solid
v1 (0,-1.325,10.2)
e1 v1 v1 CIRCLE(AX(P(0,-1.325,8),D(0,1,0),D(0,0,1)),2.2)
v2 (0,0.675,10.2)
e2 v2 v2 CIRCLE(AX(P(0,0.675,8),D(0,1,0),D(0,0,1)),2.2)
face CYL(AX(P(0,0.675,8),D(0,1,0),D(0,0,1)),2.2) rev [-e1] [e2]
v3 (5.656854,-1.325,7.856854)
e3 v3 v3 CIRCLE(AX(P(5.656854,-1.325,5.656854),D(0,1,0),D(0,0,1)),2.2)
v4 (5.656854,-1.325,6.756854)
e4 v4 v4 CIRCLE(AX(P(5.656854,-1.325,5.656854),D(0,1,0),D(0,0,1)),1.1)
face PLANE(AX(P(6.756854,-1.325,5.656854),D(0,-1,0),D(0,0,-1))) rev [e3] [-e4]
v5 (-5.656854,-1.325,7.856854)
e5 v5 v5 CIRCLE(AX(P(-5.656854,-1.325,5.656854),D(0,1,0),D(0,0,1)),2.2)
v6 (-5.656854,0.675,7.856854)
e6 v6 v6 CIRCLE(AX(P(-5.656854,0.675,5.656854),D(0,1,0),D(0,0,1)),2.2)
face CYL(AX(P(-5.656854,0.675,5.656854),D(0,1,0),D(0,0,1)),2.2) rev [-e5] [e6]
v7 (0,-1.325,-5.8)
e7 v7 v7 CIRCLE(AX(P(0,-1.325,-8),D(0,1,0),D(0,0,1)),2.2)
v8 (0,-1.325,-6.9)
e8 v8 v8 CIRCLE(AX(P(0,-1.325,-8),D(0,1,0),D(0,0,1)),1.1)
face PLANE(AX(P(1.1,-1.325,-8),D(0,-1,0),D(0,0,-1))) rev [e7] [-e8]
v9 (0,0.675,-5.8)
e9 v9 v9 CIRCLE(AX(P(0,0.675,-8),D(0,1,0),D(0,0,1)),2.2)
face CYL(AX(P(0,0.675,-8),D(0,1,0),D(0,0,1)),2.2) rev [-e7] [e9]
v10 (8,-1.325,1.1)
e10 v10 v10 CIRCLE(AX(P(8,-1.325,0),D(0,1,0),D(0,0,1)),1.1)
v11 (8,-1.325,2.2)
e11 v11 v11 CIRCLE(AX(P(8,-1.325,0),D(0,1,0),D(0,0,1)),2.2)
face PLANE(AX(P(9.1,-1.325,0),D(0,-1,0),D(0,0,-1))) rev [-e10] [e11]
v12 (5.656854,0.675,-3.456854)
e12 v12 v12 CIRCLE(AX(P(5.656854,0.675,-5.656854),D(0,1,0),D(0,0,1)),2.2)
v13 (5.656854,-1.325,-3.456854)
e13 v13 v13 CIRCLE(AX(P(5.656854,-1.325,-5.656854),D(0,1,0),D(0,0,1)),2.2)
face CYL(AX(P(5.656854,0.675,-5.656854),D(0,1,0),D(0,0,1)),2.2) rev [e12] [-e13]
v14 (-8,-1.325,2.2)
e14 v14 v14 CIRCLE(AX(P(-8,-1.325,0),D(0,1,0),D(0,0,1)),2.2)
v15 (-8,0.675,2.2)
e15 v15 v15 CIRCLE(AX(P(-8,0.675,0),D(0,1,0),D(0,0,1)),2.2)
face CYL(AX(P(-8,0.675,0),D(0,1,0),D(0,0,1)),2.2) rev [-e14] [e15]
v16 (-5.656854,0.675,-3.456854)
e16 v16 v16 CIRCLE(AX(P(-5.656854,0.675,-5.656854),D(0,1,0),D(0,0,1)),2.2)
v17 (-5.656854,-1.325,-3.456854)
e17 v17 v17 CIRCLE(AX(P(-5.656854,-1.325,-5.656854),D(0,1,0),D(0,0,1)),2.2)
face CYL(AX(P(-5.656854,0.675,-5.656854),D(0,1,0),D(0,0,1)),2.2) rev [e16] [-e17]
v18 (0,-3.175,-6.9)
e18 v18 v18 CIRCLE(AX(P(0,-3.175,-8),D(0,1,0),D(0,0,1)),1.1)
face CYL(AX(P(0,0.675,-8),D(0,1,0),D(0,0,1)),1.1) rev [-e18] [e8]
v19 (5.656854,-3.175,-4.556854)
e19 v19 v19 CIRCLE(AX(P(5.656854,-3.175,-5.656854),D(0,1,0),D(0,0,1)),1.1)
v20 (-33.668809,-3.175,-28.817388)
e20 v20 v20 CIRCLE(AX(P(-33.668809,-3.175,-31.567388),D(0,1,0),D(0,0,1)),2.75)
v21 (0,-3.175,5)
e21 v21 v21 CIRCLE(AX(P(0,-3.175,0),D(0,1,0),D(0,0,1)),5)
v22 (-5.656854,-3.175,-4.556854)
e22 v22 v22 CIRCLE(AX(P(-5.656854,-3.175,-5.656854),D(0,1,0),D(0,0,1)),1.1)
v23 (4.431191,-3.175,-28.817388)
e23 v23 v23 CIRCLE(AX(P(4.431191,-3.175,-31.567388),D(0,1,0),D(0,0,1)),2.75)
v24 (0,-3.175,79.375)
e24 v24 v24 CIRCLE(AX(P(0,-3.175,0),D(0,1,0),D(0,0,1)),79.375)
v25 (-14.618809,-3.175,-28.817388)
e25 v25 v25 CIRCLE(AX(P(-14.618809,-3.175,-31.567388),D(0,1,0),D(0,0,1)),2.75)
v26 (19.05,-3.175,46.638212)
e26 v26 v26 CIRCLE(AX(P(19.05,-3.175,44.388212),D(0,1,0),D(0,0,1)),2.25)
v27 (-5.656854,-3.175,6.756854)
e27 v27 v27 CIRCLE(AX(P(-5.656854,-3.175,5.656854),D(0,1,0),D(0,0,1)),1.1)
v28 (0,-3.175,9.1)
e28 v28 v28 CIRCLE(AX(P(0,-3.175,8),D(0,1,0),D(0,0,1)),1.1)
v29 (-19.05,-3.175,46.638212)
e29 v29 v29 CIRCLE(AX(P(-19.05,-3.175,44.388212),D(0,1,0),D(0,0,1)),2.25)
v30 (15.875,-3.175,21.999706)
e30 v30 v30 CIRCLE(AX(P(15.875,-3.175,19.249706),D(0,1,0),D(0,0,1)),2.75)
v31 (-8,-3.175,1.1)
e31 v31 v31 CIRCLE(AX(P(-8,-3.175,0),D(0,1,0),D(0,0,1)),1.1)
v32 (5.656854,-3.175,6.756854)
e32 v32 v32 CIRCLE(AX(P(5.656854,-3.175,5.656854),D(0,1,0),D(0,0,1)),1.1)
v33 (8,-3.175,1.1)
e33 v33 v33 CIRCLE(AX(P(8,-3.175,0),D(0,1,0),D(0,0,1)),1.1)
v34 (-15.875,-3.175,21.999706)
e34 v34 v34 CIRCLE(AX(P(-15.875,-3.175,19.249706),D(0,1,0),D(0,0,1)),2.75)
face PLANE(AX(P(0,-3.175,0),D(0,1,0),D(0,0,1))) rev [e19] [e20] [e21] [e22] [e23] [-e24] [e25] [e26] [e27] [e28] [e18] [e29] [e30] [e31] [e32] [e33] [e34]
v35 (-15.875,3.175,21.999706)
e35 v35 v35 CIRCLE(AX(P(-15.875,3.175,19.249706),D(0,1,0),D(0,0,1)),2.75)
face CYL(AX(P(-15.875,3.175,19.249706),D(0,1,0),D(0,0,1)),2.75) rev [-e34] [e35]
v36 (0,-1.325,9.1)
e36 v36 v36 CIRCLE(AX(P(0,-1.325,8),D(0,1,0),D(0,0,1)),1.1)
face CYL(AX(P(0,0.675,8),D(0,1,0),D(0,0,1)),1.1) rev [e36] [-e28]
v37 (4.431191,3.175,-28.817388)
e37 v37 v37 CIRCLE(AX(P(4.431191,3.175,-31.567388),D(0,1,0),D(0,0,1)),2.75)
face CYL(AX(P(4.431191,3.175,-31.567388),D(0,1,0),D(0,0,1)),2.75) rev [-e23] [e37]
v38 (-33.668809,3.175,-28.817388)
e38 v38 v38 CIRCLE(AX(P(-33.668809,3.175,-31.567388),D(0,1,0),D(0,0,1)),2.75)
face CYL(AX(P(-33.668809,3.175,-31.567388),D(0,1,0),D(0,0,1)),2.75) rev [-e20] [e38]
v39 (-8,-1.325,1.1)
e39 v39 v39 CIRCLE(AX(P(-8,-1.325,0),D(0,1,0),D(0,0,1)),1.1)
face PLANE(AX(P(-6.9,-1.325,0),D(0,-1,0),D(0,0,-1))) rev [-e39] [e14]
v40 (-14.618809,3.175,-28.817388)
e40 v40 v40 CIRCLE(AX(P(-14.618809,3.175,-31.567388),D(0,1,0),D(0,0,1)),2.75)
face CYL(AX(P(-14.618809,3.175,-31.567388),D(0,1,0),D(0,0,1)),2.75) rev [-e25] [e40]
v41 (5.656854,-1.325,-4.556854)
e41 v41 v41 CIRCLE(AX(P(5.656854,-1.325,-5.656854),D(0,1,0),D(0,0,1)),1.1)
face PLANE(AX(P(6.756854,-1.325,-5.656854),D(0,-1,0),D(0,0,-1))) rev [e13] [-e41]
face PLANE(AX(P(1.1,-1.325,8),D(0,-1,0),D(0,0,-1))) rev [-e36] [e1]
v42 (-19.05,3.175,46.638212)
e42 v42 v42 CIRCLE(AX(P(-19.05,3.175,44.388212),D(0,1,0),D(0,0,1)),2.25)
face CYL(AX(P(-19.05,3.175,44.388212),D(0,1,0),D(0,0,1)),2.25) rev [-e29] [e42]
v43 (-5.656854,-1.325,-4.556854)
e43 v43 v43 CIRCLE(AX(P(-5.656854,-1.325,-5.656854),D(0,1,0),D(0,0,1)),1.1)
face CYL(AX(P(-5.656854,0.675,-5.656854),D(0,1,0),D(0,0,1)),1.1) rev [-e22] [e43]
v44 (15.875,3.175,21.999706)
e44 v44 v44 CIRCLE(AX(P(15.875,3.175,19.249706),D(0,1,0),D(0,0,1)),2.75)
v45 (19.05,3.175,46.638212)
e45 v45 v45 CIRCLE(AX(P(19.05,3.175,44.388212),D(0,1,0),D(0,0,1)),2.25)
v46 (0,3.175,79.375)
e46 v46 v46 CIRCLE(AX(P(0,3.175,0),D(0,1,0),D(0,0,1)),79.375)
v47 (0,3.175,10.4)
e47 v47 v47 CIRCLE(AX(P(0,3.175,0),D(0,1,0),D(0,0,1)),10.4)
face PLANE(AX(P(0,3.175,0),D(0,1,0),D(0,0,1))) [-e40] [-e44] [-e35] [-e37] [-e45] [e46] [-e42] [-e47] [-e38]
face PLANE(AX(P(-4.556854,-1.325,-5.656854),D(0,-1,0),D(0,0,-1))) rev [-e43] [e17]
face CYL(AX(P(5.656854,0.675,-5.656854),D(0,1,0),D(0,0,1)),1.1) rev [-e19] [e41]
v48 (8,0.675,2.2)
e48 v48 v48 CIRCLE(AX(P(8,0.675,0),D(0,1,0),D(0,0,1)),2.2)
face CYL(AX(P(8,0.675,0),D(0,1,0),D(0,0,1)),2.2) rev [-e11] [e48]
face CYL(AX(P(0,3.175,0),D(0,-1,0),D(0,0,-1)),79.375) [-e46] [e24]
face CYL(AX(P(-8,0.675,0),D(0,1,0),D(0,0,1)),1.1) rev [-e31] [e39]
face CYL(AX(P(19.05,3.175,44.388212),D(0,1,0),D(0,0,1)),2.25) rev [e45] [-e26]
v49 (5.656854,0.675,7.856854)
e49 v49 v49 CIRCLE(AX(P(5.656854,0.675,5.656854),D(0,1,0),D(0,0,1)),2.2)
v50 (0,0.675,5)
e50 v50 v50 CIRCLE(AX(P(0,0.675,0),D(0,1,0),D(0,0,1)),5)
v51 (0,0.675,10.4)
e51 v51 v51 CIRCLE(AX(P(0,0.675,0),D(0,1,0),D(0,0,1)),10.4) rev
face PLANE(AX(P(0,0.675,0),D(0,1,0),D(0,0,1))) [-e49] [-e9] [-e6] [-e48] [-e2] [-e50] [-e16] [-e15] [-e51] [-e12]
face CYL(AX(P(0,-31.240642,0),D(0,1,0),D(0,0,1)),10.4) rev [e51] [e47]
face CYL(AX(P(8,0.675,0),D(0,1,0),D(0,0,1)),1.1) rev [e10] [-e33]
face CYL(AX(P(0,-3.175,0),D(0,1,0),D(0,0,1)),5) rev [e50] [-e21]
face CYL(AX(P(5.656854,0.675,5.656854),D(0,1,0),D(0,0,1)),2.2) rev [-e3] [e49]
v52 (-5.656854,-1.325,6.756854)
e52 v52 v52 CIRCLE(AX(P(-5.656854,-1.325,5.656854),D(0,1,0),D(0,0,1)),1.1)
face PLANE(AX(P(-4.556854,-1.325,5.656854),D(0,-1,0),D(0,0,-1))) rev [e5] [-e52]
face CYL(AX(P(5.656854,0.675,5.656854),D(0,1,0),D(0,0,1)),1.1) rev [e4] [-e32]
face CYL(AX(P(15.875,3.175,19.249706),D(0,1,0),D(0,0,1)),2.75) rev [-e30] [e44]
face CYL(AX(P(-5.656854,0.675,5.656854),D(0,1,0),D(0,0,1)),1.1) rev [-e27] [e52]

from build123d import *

# Parameters (mm, degrees)
SKETCH1_R                      = 79.375
BOSS_EXTRUDE1_DEPTH            = 3.175
SKETCH5_R                      = 10.4
CUT_EXTRUDE1_DEPTH             = 2.5
SKETCH6_R                      = 5
CUT_EXTRUDE2_DEPTH             = 113.432663181
CBORE_FOR_M2_SHCS1_D           = 2.2
CBORE_FOR_M2_SHCS1_DEPTH       = 6
CBORE_FOR_M2_SHCS1_CBORE_D     = 4.4
CBORE_FOR_M2_SHCS1_CBORE_DEPTH = 2
CBORE_FOR_M2_SHCS1_TIP         = 0.660946681
M4_CLEARANCE_HOLE1_D           = 4.5
M5_CLEARANCE_HOLE1_D           = 5.5


with BuildPart() as part:
    # Sketch1 → Boss-Extrude1 (new, symmetric)
    with BuildSketch(Plane(origin=(0, 0, 0), x_dir=(1, 0, 0), z_dir=(0, 1, 0))):
        with Locations(Location((0, 0, 0), (0, 0, 270))):
            Circle(SKETCH1_R)
    extrude(amount=BOSS_EXTRUDE1_DEPTH, both=True)

    # Sketch5 → Cut-Extrude1 (cut)
    with BuildSketch(Plane(origin=(0, 3.175, 0), x_dir=(1, 0, 0), z_dir=(0, 1, 0))):
        with Locations(Location((0, 0, 0), (0, 0, 270))):
            Circle(SKETCH5_R)
    extrude(amount=-CUT_EXTRUDE1_DEPTH, mode=Mode.SUBTRACT)

    # Sketch6 → Cut-Extrude2 (cut, through all)
    with BuildSketch(Plane(origin=(0, 3.175, 0), x_dir=(1, 0, 0), z_dir=(0, 1, 0))):
        with Locations(Location((0, 0, 0), (0, 0, 270))):
            Circle(SKETCH6_R)
    extrude(amount=-CUT_EXTRUDE2_DEPTH, mode=Mode.SUBTRACT)

    # CBORE for M2 SHCS1
    with Locations(Plane(origin=(0, 0.675, 0), x_dir=(1, 0, 0), z_dir=(0, 1, 0))):
        with Locations((-5.65685425, 5.65685425), (0, 8), (5.65685425, 5.65685425), (8, 0), (5.65685425, -5.65685425), (0, -8), (-5.65685425, -5.65685425), (-8, 0)):
            CounterBoreHole(CBORE_FOR_M2_SHCS1_D / 2, CBORE_FOR_M2_SHCS1_CBORE_D / 2, CBORE_FOR_M2_SHCS1_CBORE_DEPTH, depth=CBORE_FOR_M2_SHCS1_DEPTH)
            with Locations((0, 0, -(CBORE_FOR_M2_SHCS1_DEPTH + CBORE_FOR_M2_SHCS1_TIP / 2))):  # 118° drill point
                Cone(0, CBORE_FOR_M2_SHCS1_D / 2, CBORE_FOR_M2_SHCS1_TIP, mode=Mode.SUBTRACT)

    # M4 Clearance Hole1 (through all)
    with Locations(Plane(origin=(0, 3.175, 0), x_dir=(1, 0, 0), z_dir=(0, 1, 0))):
        with Locations((19.05, -44.388212048), (-19.05, -44.388212048)):
            Hole(M4_CLEARANCE_HOLE1_D / 2)

    # M5 Clearance Hole1 (through all)
    with Locations(Plane(origin=(0, 3.175, 0), x_dir=(1, 0, 0), z_dir=(0, 1, 0))):
        with Locations((-33.6688086, 31.567387952), (-14.6188086, 31.567387952), (4.4311914, 31.567387952), (-15.875, -19.249706448), (15.875, -19.249706448)):
            Hole(M5_CLEARANCE_HOLE1_D / 2)


solid = part.part
